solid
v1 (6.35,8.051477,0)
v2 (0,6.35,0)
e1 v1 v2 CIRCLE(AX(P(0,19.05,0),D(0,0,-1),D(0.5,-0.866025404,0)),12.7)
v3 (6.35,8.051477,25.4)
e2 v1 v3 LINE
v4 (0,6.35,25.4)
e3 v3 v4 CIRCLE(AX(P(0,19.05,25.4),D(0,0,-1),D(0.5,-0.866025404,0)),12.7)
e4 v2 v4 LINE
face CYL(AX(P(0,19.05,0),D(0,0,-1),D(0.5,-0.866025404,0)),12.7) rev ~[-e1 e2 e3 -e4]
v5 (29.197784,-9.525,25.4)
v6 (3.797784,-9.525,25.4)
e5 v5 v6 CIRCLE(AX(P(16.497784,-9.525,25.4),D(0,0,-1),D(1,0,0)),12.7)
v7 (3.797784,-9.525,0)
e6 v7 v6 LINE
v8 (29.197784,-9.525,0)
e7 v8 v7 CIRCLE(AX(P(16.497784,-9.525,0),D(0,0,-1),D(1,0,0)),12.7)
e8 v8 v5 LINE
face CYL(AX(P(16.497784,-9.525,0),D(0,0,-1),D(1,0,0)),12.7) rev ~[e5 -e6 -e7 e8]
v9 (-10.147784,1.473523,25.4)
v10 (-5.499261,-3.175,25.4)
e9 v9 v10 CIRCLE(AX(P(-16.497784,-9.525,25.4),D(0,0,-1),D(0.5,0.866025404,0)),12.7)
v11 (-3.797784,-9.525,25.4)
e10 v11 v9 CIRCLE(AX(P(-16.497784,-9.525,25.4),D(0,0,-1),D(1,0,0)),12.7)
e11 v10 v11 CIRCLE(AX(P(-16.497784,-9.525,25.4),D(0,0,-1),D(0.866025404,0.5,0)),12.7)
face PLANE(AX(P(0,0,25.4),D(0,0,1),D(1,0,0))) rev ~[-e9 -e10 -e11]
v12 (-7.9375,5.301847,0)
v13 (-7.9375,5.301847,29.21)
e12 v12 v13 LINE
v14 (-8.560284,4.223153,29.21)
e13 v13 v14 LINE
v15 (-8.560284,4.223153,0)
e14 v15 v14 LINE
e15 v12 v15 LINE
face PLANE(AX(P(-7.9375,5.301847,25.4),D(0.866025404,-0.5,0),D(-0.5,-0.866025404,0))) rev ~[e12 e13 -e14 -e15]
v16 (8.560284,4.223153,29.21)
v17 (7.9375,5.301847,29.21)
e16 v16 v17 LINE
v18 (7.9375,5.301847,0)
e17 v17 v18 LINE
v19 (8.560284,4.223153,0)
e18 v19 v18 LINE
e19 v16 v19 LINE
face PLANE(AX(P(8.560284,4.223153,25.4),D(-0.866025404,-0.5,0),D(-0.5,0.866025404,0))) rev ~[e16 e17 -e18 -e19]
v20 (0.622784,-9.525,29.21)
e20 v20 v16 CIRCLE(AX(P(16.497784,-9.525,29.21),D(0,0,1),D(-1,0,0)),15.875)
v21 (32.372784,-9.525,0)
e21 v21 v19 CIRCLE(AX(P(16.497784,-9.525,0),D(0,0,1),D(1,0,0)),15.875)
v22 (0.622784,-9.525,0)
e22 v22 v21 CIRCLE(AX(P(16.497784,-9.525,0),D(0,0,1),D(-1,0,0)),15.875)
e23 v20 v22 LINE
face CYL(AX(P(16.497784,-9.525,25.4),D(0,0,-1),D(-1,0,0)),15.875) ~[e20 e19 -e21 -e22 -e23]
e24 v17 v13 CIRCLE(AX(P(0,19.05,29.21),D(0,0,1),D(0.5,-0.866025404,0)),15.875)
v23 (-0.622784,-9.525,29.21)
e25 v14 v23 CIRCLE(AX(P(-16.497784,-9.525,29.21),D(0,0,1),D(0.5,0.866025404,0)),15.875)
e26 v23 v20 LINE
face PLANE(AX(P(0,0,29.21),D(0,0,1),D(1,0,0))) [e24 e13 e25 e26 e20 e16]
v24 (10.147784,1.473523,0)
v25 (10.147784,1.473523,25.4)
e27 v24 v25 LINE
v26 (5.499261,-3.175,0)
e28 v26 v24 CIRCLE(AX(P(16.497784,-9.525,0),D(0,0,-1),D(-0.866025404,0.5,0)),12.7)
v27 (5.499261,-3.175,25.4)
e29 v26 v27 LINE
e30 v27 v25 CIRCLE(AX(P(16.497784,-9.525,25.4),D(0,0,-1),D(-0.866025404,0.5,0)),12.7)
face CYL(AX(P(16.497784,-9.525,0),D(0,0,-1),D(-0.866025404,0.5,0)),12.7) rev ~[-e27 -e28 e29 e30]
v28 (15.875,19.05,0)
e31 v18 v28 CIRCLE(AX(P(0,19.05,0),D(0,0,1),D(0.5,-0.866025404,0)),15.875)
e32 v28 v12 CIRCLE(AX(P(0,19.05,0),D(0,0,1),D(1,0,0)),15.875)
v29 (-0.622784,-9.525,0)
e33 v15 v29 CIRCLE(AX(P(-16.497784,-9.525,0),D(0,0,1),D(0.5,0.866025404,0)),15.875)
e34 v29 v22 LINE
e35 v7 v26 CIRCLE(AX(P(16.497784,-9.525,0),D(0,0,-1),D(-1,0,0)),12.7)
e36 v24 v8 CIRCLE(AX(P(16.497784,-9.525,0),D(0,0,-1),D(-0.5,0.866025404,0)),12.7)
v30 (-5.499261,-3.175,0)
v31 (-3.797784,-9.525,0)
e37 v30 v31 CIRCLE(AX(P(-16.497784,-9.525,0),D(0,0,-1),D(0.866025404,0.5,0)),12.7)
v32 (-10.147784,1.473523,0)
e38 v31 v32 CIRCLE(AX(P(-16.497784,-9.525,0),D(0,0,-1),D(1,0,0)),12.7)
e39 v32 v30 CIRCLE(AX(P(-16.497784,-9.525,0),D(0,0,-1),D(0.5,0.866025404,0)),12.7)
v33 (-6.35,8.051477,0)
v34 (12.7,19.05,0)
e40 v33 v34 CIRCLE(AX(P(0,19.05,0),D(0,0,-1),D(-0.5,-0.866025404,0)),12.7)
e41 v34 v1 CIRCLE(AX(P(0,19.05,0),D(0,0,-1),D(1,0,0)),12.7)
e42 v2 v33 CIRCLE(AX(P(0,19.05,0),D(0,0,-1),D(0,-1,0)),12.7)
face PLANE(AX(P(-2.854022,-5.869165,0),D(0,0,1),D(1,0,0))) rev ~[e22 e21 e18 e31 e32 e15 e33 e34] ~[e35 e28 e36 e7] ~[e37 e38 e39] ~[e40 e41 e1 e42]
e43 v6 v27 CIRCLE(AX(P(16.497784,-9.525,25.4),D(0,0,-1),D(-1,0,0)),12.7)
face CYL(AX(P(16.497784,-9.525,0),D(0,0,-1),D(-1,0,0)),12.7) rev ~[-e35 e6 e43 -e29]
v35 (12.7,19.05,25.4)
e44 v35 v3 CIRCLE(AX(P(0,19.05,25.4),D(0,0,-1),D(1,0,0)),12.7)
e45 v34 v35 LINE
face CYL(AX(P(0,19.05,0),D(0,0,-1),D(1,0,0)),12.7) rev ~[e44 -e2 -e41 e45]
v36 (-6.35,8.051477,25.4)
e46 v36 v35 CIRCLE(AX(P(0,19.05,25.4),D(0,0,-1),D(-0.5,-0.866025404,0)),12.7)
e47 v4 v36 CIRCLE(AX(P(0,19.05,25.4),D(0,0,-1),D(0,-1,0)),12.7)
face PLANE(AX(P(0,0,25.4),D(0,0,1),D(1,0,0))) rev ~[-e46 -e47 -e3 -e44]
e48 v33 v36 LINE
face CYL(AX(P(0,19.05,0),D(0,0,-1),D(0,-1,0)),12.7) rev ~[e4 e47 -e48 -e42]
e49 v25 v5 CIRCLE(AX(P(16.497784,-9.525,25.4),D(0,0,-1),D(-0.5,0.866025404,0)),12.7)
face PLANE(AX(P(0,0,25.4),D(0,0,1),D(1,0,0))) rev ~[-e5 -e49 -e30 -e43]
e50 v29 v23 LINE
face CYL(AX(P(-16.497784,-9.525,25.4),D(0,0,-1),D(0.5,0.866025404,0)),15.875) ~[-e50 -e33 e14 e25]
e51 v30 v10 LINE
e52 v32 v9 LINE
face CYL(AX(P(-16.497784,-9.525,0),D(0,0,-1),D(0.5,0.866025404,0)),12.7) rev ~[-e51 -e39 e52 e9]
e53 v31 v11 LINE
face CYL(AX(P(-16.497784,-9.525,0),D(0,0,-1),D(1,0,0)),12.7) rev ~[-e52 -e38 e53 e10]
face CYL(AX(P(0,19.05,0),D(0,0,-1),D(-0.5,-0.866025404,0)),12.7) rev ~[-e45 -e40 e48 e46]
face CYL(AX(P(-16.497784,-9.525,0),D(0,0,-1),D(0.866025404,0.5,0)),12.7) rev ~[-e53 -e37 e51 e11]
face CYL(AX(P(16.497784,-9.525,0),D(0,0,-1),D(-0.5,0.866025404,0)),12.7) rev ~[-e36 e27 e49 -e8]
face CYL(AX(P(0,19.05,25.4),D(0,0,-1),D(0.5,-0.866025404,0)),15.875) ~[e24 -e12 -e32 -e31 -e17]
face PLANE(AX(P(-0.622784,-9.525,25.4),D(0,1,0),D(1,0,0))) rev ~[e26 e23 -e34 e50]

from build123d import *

# Parameters (mm, degrees)
F1_DEPTH = 25.4
F2_R     = 12.7
F3_DEPTH = 3.81


with BuildPart() as f1:
    # F0 (on Top) → F1 (new body)
    with BuildSketch(Plane.XY):
        with BuildLine():
            ThreePointArc((-0.6227839421, -9.525), (-1.1637114498, -5.416247659), (-2.749630657, -1.5875))
            Line((-2.749630657, -1.5875), (-5.499261314, -3.175))
            ThreePointArc((-5.499261314, -3.175), (-4.2305259482, -6.2379981272), (-3.7977839421, -9.525))
            Line((-3.7977839421, -9.525), (-0.6227839421, -9.525))
        make_face()
        with BuildLine():
            Line((-5.499261314, -3.175), (-2.749630657, -1.5875))
            ThreePointArc((-2.749630657, -1.5875), (-5.2724637908, 1.7003201513), (-8.5602839421, 4.2231532851))
            Line((-8.5602839421, 4.2231532851), (-10.1477839421, 1.4735226281))
            ThreePointArc((-10.1477839421, 1.4735226281), (-7.517527821, -0.5447438789), (-5.499261314, -3.175))
        make_face()
        with BuildLine():
            ThreePointArc((-8.5602839421, 4.2231532851), (-30.2459372272, -17.4625), (-0.6227839421, -9.525))
            Line((-0.6227839421, -9.525), (-3.7977839421, -9.525))
            ThreePointArc((-3.7977839421, -9.525), (-27.4963065702, -15.875), (-10.1477839421, 1.4735226281))
            Line((-10.1477839421, 1.4735226281), (-8.5602839421, 4.2231532851))
        make_face()
        with BuildLine():
            ThreePointArc((8.5602839421, 4.2231532851), (5.2724637908, 1.7003201513), (2.749630657, -1.5875))
            Line((2.749630657, -1.5875), (5.499261314, -3.175))
            ThreePointArc((5.499261314, -3.175), (7.517527821, -0.5447438789), (10.1477839421, 1.4735226281))
            Line((10.1477839421, 1.4735226281), (8.5602839421, 4.2231532851))
        make_face()
        with BuildLine():
            Line((5.499261314, -3.175), (2.749630657, -1.5875))
            ThreePointArc((2.749630657, -1.5875), (1.1637114498, -5.416247659), (0.6227839421, -9.525))
            Line((0.6227839421, -9.525), (3.7977839421, -9.525))
            ThreePointArc((3.7977839421, -9.525), (4.2305259482, -6.2379981272), (5.499261314, -3.175))
        make_face()
        with BuildLine():
            ThreePointArc((32.3727839421, -9.525), (24.4352839421, 4.2231532851), (8.5602839421, 4.2231532851))
            Line((8.5602839421, 4.2231532851), (10.1477839421, 1.4735226281))
            ThreePointArc((10.1477839421, 1.4735226281), (22.8477839421, 1.4735226281), (29.1977839421, -9.525))
            ThreePointArc((29.1977839421, -9.525), (16.4977839421, -22.225), (3.7977839421, -9.525))
            Line((3.7977839421, -9.525), (0.6227839421, -9.525))
            ThreePointArc((0.6227839421, -9.525), (16.4977839421, -25.4), (32.3727839421, -9.525))
        make_face()
        with BuildLine():
            ThreePointArc((-7.9375, 5.3018467149), (-4.108752341, 3.7159275077), (0, 3.175))
            Line((0, 3.175), (0, 6.35))
            ThreePointArc((0, 6.35), (-3.2870018728, 6.7827420061), (-6.35, 8.0514773719))
            Line((-6.35, 8.0514773719), (-7.9375, 5.3018467149))
        make_face()
        with BuildLine():
            Line((0, 6.35), (0, 3.175))
            ThreePointArc((0, 3.175), (4.108752341, 3.7159275077), (7.9375, 5.3018467149))
            Line((7.9375, 5.3018467149), (6.35, 8.0514773719))
            ThreePointArc((6.35, 8.0514773719), (3.2870018728, 6.7827420061), (0, 6.35))
        make_face()
        with BuildLine():
            ThreePointArc((15.875, 19.05), (-7.9375, 32.7981532851), (-7.9375, 5.3018467149))
            Line((-7.9375, 5.3018467149), (-6.35, 8.0514773719))
            ThreePointArc((-6.35, 8.0514773719), (-6.35, 30.0485226281), (12.7, 19.05))
            ThreePointArc((12.7, 19.05), (10.9985226281, 12.7), (6.35, 8.0514773719))
            Line((6.35, 8.0514773719), (7.9375, 5.3018467149))
            ThreePointArc((7.9375, 5.3018467149), (13.7481532851, 11.1125), (15.875, 19.05))
        make_face()
        with BuildLine():
            Line((-2.749630657, -1.5875), (0, 0))
            Line((0, 0), (0, 3.175))
            ThreePointArc((0, 3.175), (-4.108752341, 3.7159275077), (-7.9375, 5.3018467149))
            Line((-7.9375, 5.3018467149), (-8.5602839421, 4.2231532851))
            ThreePointArc((-8.5602839421, 4.2231532851), (-5.2724637908, 1.7003201513), (-2.749630657, -1.5875))
        make_face()
        with BuildLine():
            Line((0, 3.175), (0, 0))
            Line((0, 0), (2.749630657, -1.5875))
            ThreePointArc((2.749630657, -1.5875), (5.2724637908, 1.7003201513), (8.5602839421, 4.2231532851))
            Line((8.5602839421, 4.2231532851), (7.9375, 5.3018467149))
            ThreePointArc((7.9375, 5.3018467149), (4.108752341, 3.7159275077), (0, 3.175))
        make_face()
        with BuildLine():
            Line((2.749630657, -1.5875), (0, 0))
            Line((0, 0), (-2.749630657, -1.5875))
            ThreePointArc((-2.749630657, -1.5875), (-1.1637114498, -5.416247659), (-0.6227839421, -9.525))
            Line((-0.6227839421, -9.525), (0.6227839421, -9.525))
            ThreePointArc((0.6227839421, -9.525), (1.1637114498, -5.416247659), (2.749630657, -1.5875))
        make_face()
    extrude(amount=F1_DEPTH)

    # F2 (on face) → F3 (join)
    with BuildSketch(Plane.XY.offset(25.4)):
        with BuildLine():
            ThreePointArc((7.9375, 5.3018467149), (0, 34.925), (-7.9375, 5.3018467149))
            Line((-7.9375, 5.3018467149), (-8.5602839421, 4.2231532851))
            ThreePointArc((-8.5602839421, 4.2231532851), (-30.2459372272, -17.4625), (-0.6227839421, -9.525))
            Line((-0.6227839421, -9.525), (0.6227839421, -9.525))
            ThreePointArc((0.6227839421, -9.525), (30.2459372272, -17.4625), (8.5602839421, 4.2231532851))
            Line((8.5602839421, 4.2231532851), (7.9375, 5.3018467149))
        make_face()
        with Locations((-16.4977839421, -9.525)):
            Circle(F2_R, mode=Mode.SUBTRACT)
        with Locations((16.4977839421, -9.525)):
            Circle(F2_R, mode=Mode.SUBTRACT)
        with Locations((0, 19.05)):
            Circle(F2_R, mode=Mode.SUBTRACT)
        with Locations((-16.4977839421, -9.525)):
            Circle(F2_R)
        with Locations((16.4977839421, -9.525)):
            Circle(F2_R)
        with Locations((0, 19.05)):
            Circle(F2_R)
    extrude(amount=F3_DEPTH)


solid = f1.part
